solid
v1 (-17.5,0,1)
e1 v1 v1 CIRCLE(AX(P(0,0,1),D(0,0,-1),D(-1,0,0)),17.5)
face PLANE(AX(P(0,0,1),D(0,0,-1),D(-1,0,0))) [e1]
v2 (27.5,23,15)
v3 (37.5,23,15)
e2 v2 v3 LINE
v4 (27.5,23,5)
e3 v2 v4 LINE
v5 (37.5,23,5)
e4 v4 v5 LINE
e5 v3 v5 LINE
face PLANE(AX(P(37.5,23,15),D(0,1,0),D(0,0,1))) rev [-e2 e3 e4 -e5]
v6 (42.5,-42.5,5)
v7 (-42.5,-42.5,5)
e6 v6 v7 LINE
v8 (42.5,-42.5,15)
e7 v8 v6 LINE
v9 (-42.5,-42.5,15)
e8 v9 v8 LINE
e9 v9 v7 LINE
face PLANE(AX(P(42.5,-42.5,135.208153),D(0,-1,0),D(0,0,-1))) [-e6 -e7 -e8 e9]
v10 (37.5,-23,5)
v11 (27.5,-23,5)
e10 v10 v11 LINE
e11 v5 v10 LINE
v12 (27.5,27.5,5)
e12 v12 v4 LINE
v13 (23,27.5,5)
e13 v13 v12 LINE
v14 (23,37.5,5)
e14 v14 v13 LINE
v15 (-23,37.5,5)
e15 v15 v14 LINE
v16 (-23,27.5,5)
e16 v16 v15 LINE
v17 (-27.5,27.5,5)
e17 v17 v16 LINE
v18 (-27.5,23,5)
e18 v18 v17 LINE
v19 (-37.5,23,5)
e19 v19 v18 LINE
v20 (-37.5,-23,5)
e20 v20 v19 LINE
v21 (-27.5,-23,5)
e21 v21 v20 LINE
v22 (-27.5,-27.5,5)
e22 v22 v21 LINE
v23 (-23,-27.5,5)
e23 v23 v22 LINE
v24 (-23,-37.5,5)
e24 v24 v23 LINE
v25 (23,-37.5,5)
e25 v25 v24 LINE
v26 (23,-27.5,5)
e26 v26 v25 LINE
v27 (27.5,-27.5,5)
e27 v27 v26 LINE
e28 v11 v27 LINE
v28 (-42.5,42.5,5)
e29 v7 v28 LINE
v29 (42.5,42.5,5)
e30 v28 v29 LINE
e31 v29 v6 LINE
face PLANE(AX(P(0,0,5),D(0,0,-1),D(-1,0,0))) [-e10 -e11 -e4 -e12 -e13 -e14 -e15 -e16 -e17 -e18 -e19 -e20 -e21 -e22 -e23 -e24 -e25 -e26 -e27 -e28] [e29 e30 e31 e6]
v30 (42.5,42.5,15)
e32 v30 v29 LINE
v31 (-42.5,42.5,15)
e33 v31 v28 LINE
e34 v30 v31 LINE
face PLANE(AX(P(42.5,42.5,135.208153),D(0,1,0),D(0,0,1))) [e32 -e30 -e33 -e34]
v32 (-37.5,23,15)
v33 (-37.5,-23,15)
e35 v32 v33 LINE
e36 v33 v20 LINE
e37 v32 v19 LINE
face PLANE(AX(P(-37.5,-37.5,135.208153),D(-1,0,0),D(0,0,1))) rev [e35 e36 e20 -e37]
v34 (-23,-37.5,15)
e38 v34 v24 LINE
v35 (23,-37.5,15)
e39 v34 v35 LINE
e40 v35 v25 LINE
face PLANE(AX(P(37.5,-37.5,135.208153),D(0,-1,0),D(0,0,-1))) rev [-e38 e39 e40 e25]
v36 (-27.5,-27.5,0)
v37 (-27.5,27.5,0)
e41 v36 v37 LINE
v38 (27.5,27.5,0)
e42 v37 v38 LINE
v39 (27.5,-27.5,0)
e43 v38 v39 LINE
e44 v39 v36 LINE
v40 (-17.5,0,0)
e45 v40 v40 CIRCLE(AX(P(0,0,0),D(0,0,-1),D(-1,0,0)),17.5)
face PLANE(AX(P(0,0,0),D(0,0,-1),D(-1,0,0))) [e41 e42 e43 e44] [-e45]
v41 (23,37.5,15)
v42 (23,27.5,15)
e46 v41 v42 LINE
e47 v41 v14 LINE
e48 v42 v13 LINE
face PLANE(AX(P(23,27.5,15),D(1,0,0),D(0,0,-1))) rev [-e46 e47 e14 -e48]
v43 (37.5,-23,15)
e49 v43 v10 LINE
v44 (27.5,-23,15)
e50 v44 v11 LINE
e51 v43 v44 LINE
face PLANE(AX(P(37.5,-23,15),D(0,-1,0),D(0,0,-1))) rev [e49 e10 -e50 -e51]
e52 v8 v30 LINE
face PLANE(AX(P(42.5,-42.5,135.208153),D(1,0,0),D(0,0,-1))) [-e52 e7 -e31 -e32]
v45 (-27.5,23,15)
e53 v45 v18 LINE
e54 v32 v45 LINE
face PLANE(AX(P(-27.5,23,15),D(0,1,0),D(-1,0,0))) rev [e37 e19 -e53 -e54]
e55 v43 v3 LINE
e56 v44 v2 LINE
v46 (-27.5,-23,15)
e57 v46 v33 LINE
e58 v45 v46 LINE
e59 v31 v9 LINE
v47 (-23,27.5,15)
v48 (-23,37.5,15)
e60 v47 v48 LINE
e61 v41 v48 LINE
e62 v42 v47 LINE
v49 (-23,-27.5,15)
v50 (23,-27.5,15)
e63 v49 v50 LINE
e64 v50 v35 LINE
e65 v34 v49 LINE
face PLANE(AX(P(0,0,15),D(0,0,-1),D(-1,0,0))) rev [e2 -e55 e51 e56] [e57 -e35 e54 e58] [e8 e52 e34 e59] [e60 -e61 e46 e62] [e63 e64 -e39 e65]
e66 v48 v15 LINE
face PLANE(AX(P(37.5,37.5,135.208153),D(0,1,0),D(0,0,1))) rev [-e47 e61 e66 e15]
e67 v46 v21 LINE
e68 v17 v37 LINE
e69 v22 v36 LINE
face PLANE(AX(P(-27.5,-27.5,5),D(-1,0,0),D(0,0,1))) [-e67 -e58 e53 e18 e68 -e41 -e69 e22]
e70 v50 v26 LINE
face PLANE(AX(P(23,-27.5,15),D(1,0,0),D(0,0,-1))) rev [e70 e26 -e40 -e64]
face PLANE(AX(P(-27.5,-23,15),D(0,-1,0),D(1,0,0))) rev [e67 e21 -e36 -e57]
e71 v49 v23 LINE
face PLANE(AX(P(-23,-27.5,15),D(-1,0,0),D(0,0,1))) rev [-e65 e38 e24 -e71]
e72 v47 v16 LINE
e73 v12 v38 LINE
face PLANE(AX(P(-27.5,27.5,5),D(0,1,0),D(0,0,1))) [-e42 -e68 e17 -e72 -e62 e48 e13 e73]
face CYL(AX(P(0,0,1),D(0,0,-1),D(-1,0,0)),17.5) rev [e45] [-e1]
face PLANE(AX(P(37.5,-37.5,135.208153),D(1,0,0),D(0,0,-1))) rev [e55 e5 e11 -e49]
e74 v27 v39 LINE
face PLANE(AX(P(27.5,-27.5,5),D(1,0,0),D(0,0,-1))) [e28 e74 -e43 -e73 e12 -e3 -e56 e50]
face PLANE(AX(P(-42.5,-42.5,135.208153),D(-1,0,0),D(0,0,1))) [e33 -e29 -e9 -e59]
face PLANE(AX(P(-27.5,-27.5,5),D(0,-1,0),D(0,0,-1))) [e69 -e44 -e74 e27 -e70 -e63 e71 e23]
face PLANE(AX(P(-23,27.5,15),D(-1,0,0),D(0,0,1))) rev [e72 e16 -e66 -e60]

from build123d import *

# Parameters (mm, degrees)
SKETCH_1_W          = 75
SKETCH_1_H          = 75
EXTRUDE_1_DEPTH     = 15
SKETCH_6_R          = 17.5
CUT_EXTRUDE_7_DEPTH = 1
SKETCH_7_W          = 75
SKETCH_7_H          = 75
SKETCH_7_W_2        = 55
SKETCH_7_H_2        = 55
CUT_EXTRUDE_8_DEPTH = 5
SKETCH_8_W          = 10
SKETCH_8_H          = 46
SKETCH_8_W_2        = 46
SKETCH_8_H_2        = 10
CUT_EXTRUDE_9_DEPTH = 54.967582862
SKETCH_9_W          = 85
SKETCH_9_H          = 85
SKETCH_9_W_2        = 75
SKETCH_9_H_2        = 75
EXTRUDE_2_DEPTH     = 10


with BuildPart() as part:
    # ｽｹｯﾁ1 → ﾎﾞｽ - 押し出し1 (new body)
    with BuildSketch(Plane.XY):
        Rectangle(SKETCH_1_W, SKETCH_1_H)
    extrude(amount=EXTRUDE_1_DEPTH)

    # ｽｹｯﾁ6 → ｶｯﾄ - 押し出し7 (cut)
    with BuildSketch(Plane(origin=(0, 0, 0), x_dir=(-1, 0, 0), z_dir=(0, 0, -1))):
        Circle(SKETCH_6_R)
    extrude(amount=-CUT_EXTRUDE_7_DEPTH, mode=Mode.SUBTRACT)

    # ｽｹｯﾁ7 → ｶｯﾄ - 押し出し8 (cut)
    with BuildSketch(Plane(origin=(0, 0, 0), x_dir=(-1, 0, 0), z_dir=(0, 0, -1))):
        Rectangle(SKETCH_7_W, SKETCH_7_H)
        Rectangle(SKETCH_7_W_2, SKETCH_7_H_2, mode=Mode.SUBTRACT)
    extrude(amount=-CUT_EXTRUDE_8_DEPTH, mode=Mode.SUBTRACT)

    # ｽｹｯﾁ8 → ｶｯﾄ - 押し出し9 (cut, through all)
    with BuildSketch(Plane(origin=(0, 0, 5), x_dir=(-1, 0, 0), z_dir=(0, 0, -1))):
        with Locations((-32.5, 0)):
            Rectangle(SKETCH_8_W, SKETCH_8_H)
        with Locations((32.5, 0)):
            Rectangle(SKETCH_8_W, SKETCH_8_H)
        with Locations((0, -32.5)):
            Rectangle(SKETCH_8_W_2, SKETCH_8_H_2)
        with Locations((0, 32.5)):
            Rectangle(SKETCH_8_W_2, SKETCH_8_H_2)
    extrude(amount=-CUT_EXTRUDE_9_DEPTH, mode=Mode.SUBTRACT)

    # ｽｹｯﾁ9 → ﾎﾞｽ - 押し出し2 (add)
    with BuildSketch(Plane(origin=(0, 0, 5), x_dir=(-1, 0, 0), z_dir=(0, 0, -1))):
        Rectangle(SKETCH_9_W, SKETCH_9_H)
        Rectangle(SKETCH_9_W_2, SKETCH_9_H_2, mode=Mode.SUBTRACT)
    extrude(amount=-EXTRUDE_2_DEPTH)


solid = part.part
